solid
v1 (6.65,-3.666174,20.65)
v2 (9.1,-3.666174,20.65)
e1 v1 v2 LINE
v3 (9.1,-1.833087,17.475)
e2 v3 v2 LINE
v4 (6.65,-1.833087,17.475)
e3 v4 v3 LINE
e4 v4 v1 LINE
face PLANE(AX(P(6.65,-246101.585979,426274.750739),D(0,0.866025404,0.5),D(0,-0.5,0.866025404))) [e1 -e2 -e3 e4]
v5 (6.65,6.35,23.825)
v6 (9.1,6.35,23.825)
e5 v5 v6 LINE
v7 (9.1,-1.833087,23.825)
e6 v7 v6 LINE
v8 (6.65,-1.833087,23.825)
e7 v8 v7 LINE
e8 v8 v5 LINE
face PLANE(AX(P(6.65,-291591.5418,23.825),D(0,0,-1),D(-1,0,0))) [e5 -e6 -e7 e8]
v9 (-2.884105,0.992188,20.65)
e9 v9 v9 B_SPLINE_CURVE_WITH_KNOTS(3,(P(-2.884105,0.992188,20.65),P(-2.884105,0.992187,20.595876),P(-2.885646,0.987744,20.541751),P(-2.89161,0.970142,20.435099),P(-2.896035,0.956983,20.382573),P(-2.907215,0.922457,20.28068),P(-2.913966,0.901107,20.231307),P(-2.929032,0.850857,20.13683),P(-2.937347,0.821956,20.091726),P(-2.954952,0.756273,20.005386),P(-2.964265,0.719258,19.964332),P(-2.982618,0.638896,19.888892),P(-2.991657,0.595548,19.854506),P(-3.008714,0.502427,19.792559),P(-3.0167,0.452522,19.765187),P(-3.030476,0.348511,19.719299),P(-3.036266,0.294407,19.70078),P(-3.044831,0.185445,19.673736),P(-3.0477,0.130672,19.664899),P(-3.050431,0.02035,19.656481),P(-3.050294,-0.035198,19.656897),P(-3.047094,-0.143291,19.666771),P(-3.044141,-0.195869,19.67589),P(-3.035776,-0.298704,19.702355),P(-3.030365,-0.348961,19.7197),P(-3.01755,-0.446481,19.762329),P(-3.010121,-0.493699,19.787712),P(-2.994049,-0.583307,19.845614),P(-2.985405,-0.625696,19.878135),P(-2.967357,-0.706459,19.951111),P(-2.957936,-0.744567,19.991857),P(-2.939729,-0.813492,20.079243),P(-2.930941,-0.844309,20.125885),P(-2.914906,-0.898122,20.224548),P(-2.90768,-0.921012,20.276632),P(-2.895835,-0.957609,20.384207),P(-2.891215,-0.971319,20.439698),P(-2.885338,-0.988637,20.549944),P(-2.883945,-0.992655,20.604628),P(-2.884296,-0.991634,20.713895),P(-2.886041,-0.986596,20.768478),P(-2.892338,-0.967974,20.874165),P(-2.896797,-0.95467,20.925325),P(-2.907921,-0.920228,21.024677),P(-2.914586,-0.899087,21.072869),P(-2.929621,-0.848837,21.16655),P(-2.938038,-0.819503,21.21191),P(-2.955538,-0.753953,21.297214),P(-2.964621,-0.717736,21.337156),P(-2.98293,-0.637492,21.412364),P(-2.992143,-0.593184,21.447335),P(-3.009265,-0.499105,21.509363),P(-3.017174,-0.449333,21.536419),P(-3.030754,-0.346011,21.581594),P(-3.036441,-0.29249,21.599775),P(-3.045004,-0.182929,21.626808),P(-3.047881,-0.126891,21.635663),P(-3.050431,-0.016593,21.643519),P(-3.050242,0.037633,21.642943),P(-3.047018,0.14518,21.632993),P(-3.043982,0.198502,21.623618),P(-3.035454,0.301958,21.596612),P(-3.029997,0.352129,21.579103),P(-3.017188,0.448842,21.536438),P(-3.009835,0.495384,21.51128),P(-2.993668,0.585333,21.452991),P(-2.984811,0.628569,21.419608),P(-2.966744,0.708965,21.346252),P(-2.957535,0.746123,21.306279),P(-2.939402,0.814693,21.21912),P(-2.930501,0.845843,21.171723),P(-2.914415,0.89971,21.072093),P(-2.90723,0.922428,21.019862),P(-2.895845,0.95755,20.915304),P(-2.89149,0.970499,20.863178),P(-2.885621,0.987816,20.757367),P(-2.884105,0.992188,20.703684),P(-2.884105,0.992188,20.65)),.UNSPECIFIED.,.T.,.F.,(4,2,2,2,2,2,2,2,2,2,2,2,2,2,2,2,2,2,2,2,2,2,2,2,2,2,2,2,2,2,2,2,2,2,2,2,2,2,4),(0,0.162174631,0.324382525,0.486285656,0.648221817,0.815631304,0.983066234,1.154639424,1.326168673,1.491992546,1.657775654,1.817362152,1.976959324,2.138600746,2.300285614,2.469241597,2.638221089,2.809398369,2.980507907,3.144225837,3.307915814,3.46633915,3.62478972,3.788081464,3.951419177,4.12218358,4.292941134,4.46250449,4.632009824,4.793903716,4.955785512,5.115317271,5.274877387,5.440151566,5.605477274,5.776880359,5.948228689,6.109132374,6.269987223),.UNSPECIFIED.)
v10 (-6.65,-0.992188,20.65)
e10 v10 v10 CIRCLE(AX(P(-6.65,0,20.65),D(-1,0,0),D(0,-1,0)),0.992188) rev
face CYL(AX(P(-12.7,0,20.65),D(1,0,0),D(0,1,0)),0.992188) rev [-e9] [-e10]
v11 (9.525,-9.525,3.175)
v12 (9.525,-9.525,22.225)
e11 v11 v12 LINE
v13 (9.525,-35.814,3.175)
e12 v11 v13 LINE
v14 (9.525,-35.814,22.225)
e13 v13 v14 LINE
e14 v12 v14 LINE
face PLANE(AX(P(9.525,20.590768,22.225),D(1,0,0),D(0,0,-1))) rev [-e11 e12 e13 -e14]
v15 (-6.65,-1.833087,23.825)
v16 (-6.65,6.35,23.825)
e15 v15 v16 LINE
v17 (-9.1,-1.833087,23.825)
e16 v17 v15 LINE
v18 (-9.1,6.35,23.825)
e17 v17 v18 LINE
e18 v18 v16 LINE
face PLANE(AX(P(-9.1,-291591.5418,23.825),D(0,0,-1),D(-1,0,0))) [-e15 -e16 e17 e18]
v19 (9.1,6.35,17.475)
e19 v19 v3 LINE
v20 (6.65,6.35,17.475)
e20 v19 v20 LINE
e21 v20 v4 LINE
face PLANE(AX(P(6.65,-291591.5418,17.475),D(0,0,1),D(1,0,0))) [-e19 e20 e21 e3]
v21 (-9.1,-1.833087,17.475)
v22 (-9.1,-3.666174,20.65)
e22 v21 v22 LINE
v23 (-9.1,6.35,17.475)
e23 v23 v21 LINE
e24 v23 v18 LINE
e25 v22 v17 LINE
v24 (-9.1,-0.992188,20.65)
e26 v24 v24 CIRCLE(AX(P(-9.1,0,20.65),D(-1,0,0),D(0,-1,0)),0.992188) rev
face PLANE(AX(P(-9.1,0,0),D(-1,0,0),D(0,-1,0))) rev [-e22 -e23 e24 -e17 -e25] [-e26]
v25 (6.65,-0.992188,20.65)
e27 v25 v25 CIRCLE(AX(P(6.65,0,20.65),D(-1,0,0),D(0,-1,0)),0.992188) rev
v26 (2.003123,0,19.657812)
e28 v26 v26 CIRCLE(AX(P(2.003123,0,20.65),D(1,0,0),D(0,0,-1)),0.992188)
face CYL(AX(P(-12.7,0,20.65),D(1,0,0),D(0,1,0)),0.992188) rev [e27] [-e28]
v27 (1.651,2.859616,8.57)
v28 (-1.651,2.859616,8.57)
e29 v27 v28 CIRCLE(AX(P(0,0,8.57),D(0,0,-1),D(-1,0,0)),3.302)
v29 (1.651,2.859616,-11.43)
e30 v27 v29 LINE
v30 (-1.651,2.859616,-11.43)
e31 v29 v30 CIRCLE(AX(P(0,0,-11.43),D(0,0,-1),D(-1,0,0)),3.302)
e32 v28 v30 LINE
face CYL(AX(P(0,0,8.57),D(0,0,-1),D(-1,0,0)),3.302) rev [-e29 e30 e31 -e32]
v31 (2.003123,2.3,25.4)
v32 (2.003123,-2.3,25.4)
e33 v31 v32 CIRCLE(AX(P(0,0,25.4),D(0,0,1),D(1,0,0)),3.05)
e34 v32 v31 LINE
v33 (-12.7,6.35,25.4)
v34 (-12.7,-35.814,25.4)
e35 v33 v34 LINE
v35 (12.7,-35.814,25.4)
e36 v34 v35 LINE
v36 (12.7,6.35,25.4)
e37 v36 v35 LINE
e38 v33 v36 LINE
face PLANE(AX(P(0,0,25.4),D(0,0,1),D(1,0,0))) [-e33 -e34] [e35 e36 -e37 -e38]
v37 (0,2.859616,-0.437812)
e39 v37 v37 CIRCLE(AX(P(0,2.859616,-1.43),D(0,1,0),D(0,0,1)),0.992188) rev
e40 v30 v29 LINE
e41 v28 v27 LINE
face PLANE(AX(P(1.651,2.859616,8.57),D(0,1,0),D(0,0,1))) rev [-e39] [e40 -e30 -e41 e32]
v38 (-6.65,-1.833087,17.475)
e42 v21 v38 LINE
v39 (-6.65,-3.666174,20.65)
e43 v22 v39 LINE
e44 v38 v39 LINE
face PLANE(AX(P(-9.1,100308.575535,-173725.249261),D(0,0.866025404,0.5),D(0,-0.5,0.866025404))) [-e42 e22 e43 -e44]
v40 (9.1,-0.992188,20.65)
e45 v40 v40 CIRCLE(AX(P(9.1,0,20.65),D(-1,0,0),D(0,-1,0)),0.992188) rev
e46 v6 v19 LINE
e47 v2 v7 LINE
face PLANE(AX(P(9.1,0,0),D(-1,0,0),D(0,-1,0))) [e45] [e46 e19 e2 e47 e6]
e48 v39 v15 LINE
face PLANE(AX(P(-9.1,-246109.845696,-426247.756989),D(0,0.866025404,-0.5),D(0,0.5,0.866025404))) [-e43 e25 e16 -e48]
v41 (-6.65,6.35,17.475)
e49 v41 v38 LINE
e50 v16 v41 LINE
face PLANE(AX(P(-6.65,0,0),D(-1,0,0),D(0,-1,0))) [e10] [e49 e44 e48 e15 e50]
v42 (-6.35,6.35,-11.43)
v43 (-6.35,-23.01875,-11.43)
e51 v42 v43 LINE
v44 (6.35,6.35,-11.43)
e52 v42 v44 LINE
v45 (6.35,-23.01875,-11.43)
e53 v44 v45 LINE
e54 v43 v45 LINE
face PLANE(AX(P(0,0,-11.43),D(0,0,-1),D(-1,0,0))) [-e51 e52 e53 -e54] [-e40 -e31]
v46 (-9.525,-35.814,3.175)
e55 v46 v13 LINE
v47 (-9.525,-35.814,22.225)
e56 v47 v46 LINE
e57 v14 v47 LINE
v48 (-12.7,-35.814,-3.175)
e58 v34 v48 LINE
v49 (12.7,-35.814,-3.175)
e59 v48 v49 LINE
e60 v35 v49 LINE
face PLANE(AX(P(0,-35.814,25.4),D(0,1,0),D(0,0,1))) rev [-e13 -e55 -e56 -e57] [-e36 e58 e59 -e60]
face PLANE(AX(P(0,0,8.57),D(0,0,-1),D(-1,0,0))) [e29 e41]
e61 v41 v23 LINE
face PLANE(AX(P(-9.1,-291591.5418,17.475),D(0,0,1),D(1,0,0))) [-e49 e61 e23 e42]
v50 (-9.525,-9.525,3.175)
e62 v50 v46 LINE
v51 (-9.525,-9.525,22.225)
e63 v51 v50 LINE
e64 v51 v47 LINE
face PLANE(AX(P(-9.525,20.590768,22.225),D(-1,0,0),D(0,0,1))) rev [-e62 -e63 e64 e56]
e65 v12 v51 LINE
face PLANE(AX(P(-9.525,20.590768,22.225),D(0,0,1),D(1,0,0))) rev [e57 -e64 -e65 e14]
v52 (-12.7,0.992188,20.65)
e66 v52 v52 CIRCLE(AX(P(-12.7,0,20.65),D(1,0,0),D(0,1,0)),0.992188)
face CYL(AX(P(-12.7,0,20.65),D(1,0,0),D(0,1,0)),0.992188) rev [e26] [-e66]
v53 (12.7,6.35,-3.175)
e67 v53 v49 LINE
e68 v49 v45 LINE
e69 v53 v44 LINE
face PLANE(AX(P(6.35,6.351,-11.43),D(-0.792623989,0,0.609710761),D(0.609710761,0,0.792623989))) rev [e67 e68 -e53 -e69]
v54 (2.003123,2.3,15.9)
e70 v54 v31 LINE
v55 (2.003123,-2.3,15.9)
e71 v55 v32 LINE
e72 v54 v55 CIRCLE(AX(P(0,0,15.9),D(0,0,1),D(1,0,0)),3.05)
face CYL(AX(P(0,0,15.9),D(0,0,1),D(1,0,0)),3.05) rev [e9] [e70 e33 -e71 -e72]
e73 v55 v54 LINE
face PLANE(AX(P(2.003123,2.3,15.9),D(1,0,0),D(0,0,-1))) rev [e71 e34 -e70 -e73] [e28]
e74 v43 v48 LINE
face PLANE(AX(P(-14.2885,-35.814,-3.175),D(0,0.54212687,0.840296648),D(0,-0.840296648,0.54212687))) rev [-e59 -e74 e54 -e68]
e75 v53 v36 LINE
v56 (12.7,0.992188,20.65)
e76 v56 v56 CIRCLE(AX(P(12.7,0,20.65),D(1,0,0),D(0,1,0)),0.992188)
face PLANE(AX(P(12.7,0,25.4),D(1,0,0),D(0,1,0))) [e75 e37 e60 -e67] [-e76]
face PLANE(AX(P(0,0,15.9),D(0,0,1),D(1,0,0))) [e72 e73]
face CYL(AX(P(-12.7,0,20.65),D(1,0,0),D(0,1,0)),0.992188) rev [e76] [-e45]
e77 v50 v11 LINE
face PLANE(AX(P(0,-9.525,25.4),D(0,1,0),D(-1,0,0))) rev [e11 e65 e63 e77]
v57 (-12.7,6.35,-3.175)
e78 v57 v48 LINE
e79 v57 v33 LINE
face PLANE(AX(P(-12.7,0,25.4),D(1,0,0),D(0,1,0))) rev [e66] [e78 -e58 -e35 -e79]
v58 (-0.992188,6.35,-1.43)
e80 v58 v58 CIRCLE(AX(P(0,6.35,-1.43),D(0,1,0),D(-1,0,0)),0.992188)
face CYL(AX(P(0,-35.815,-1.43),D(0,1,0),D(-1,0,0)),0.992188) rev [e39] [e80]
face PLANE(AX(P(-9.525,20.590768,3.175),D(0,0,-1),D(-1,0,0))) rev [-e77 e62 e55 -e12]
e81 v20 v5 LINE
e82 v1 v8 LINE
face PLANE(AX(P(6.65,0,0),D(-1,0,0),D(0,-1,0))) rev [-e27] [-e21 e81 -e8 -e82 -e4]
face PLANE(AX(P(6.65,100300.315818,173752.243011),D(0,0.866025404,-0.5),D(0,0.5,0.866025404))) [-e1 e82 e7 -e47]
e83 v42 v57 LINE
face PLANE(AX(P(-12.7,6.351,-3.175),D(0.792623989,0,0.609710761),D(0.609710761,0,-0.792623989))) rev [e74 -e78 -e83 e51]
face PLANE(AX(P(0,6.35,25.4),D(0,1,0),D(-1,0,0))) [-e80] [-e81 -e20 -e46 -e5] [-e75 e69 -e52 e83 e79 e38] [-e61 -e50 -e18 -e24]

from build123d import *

# Parameters (mm, degrees)
BOSS_EXTRUDE1_DEPTH = 25.4
CUT_EXTRUDE1_DEPTH  = 9.5
SKETCH5_W           = 25.4
SKETCH5_H           = 42.164
BOSS_EXTRUDE2_DEPTH = 11.43
CUT_EXTRUDE2_REACH  = 53.538
CUT_EXTRUDE3_REACH  = 53.255
CUT_EXTRUDE4_DEPTH  = 20
SKETCH10_W          = 19.05
SKETCH10_H          = 19.05
CUT_EXTRUDE5_DEPTH  = 26.289
CUT_EXTRUDE6_REACH  = 55.322
SKETCH11_W          = 1.5875
SKETCH11_H          = 12.7
SKETCH12_R          = 0.9921875
CUT_EXTRUDE7_DEPTH  = 51.724378715
CUT_EXTRUDE8_REACH  = 52.836
SKETCH13_R          = 0.9921875
CUT_EXTRUDE9_START  = -7.875
CUT_EXTRUDE9_DEPTH  = 1.225
CUT_EXTRUDE10_START = 7.875
CUT_EXTRUDE10_DEPTH = 1.225
CUT_EXTRUDE11_REACH = 52.836
SKETCH15_W          = 2.45
SKETCH15_H          = 6.35


with BuildPart() as part:
    # Sketch2 → Boss-Extrude1 (new body)
    with BuildSketch(Plane.XY):
        Polygon((12.7, -6.35), (14.2875, -6.35), (14.2875, 6.35), (-14.2875, 6.35), (-14.2875, -6.35), (-12.7, -6.35), (-12.7, -35.814), (12.7, -35.814), align=None)
    extrude(amount=BOSS_EXTRUDE1_DEPTH)

    # Sketch3 → Cut-Extrude1 (cut)
    with BuildSketch(Plane.XY.offset(25.4)):
        with BuildLine():
            Line((2.003122562, 2.3), (2.003122562, -2.3))
            ThreePointArc((2.003122562, -2.3), (-3.05, 0), (2.003122562, 2.3))
        make_face()
    extrude(amount=-CUT_EXTRUDE1_DEPTH, mode=Mode.SUBTRACT)

    # Sketch5 → Boss-Extrude2 (add)
    with BuildSketch(Plane(origin=(0, 0, 0), x_dir=(-1, 0, 0), z_dir=(0, 0, -1))):
        with Locations((0, -14.732)):
            Rectangle(SKETCH5_W, SKETCH5_H)
    extrude(amount=BOSS_EXTRUDE2_DEPTH)

    # Sketch6 → Cut-Extrude2 (cut, up to next)
    with BuildSketch(Plane(origin=(12.7, 0, 0), x_dir=(0, 0, -1), z_dir=(1, 0, 0)), mode=Mode.PRIVATE) as cut_extrude2_sk1:
        Polygon((3.175, -35.814), (11.43, -23.01875), (11.43, -35.814), align=None)
    cut_extrude2_tool1 = extrude(cut_extrude2_sk1.sketch, amount=-CUT_EXTRUDE2_REACH, mode=Mode.PRIVATE) & part.part
    add(cut_extrude2_tool1.solids().sort_by_distance((12.7, -31.548917, -8.678333))[0], mode=Mode.SUBTRACT)

    # Sketch7 → Cut-Extrude3 (cut, up to next)
    with BuildSketch(Plane.XZ.offset(35.814), mode=Mode.PRIVATE) as cut_extrude3_sk1:
        Polygon((-12.7, -11.43), (-12.7, -3.175), (-6.35, -11.43), align=None)
    cut_extrude3_tool1 = extrude(cut_extrude3_sk1.sketch, amount=-CUT_EXTRUDE3_REACH, mode=Mode.PRIVATE) & part.part
    # Sketch7 → Cut-Extrude3 (cut, up to next)
    with BuildSketch(Plane.XZ.offset(35.814), mode=Mode.PRIVATE) as cut_extrude3_sk2:
        Polygon((6.35, -11.43), (12.7, -3.175), (12.7, -11.43), align=None)
    cut_extrude3_tool2 = extrude(cut_extrude3_sk2.sketch, amount=-CUT_EXTRUDE3_REACH, mode=Mode.PRIVATE) & part.part
    add(cut_extrude3_tool1.solids().sort_by_distance((-10.583333, -35.814, -8.678333))[0], mode=Mode.SUBTRACT)
    add(cut_extrude3_tool2.solids().sort_by_distance((10.583333, -35.814, -8.678333))[0], mode=Mode.SUBTRACT)

    # Sketch8 → Cut-Extrude4 (cut)
    with BuildSketch(Plane(origin=(0, 0, -11.43), x_dir=(-1, 0, 0), z_dir=(0, 0, -1))):
        with BuildLine():
            Line((-1.651, 2.859615883), (1.651, 2.859615883))
            ThreePointArc((1.651, 2.859615883), (0, -3.302), (-1.651, 2.859615883))
        make_face()
    extrude(amount=-CUT_EXTRUDE4_DEPTH, mode=Mode.SUBTRACT)

    # Sketch10 → Cut-Extrude5 (cut)
    with BuildSketch(Plane.XZ.offset(35.814)):
        with Locations((0, 12.7)):
            Rectangle(SKETCH10_W, SKETCH10_H)
    extrude(amount=-CUT_EXTRUDE5_DEPTH, mode=Mode.SUBTRACT)

    # Sketch11 → Cut-Extrude6 (cut, up to next)
    with BuildSketch(Plane.XY.offset(25.4), mode=Mode.PRIVATE) as cut_extrude6_sk1:
        with Locations((-13.49375, 0)):
            Rectangle(SKETCH11_W, SKETCH11_H)
    cut_extrude6_tool1 = extrude(cut_extrude6_sk1.sketch, amount=-CUT_EXTRUDE6_REACH, mode=Mode.PRIVATE) & part.part
    # Sketch11 → Cut-Extrude6 (cut, up to next)
    with BuildSketch(Plane.XY.offset(25.4), mode=Mode.PRIVATE) as cut_extrude6_sk2:
        with Locations((13.49375, 0)):
            Rectangle(SKETCH11_W, SKETCH11_H)
    cut_extrude6_tool2 = extrude(cut_extrude6_sk2.sketch, amount=-CUT_EXTRUDE6_REACH, mode=Mode.PRIVATE) & part.part
    add(cut_extrude6_tool1.solids().sort_by_distance((-13.49375, 0, 25.4))[0], mode=Mode.SUBTRACT)
    add(cut_extrude6_tool2.solids().sort_by_distance((13.49375, 0, 25.4))[0], mode=Mode.SUBTRACT)

    # Sketch12 → Cut-Extrude7 (cut, through all)
    with BuildSketch(Plane(origin=(12.7, 0, 0), x_dir=(0, 0, -1), z_dir=(1, 0, 0))):
        with Locations(Location((-20.65, 0, 0), (0, 0, 90))):
            Circle(SKETCH12_R)
    extrude(amount=-CUT_EXTRUDE7_DEPTH, mode=Mode.SUBTRACT)

    # Sketch13 → Cut-Extrude8 (cut, up to next)
    with BuildSketch(Plane(origin=(0, 6.35, 0), x_dir=(1, 0, 0), z_dir=(0, 1, 0)), mode=Mode.PRIVATE) as cut_extrude8_sk1:
        with Locations(Location((0, 1.43, 0), (0, 0, 180))):
            Circle(SKETCH13_R)
    cut_extrude8_tool1 = extrude(cut_extrude8_sk1.sketch, amount=-CUT_EXTRUDE8_REACH, mode=Mode.PRIVATE) & part.part
    add(cut_extrude8_tool1.solids().sort_by_distance((0, 6.35, -1.43))[0], mode=Mode.SUBTRACT)

    # Sketch14 → Cut-Extrude9 (cut, symmetric)
    with BuildSketch(Plane(origin=(0, 0, 0), x_dir=(0, 0, -1), z_dir=(1, 0, 0)).offset(CUT_EXTRUDE9_START)):
        Polygon((-17.475, 1.833087105), (-20.65, 3.666174209), (-23.825, 1.833087105), (-23.825, -1.833087105), (-20.65, -3.666174209), (-17.475, -1.833087105), align=None)
    extrude(amount=CUT_EXTRUDE9_DEPTH, both=True, mode=Mode.SUBTRACT)

    # Sketch14<2> → Cut-Extrude10 (cut, symmetric)
    with BuildSketch(Plane(origin=(0, 0, 0), x_dir=(0, 0, -1), z_dir=(1, 0, 0)).offset(CUT_EXTRUDE10_START)):
        Polygon((-17.475, 1.833087105), (-20.65, 3.666174209), (-23.825, 1.833087105), (-23.825, -1.833087105), (-20.65, -3.666174209), (-17.475, -1.833087105), align=None)
    extrude(amount=CUT_EXTRUDE10_DEPTH, both=True, mode=Mode.SUBTRACT)

    # Sketch15 → Cut-Extrude11 (cut, up to next)
    with BuildSketch(Plane(origin=(0, 6.35, 0), x_dir=(1, 0, 0), z_dir=(0, 1, 0)), mode=Mode.PRIVATE) as cut_extrude11_sk1:
        with Locations((-7.875, -20.65)):
            Rectangle(SKETCH15_W, SKETCH15_H)
    cut_extrude11_tool1 = extrude(cut_extrude11_sk1.sketch, amount=-CUT_EXTRUDE11_REACH, mode=Mode.PRIVATE) & part.part
    # Sketch15 → Cut-Extrude11 (cut, up to next)
    with BuildSketch(Plane(origin=(0, 6.35, 0), x_dir=(1, 0, 0), z_dir=(0, 1, 0)), mode=Mode.PRIVATE) as cut_extrude11_sk2:
        with Locations((7.875, -20.65)):
            Rectangle(SKETCH15_W, SKETCH15_H)
    cut_extrude11_tool2 = extrude(cut_extrude11_sk2.sketch, amount=-CUT_EXTRUDE11_REACH, mode=Mode.PRIVATE) & part.part
    add(cut_extrude11_tool1.solids().sort_by_distance((-7.875, 6.35, 20.65))[0], mode=Mode.SUBTRACT)
    add(cut_extrude11_tool2.solids().sort_by_distance((7.875, 6.35, 20.65))[0], mode=Mode.SUBTRACT)


solid = part.part
